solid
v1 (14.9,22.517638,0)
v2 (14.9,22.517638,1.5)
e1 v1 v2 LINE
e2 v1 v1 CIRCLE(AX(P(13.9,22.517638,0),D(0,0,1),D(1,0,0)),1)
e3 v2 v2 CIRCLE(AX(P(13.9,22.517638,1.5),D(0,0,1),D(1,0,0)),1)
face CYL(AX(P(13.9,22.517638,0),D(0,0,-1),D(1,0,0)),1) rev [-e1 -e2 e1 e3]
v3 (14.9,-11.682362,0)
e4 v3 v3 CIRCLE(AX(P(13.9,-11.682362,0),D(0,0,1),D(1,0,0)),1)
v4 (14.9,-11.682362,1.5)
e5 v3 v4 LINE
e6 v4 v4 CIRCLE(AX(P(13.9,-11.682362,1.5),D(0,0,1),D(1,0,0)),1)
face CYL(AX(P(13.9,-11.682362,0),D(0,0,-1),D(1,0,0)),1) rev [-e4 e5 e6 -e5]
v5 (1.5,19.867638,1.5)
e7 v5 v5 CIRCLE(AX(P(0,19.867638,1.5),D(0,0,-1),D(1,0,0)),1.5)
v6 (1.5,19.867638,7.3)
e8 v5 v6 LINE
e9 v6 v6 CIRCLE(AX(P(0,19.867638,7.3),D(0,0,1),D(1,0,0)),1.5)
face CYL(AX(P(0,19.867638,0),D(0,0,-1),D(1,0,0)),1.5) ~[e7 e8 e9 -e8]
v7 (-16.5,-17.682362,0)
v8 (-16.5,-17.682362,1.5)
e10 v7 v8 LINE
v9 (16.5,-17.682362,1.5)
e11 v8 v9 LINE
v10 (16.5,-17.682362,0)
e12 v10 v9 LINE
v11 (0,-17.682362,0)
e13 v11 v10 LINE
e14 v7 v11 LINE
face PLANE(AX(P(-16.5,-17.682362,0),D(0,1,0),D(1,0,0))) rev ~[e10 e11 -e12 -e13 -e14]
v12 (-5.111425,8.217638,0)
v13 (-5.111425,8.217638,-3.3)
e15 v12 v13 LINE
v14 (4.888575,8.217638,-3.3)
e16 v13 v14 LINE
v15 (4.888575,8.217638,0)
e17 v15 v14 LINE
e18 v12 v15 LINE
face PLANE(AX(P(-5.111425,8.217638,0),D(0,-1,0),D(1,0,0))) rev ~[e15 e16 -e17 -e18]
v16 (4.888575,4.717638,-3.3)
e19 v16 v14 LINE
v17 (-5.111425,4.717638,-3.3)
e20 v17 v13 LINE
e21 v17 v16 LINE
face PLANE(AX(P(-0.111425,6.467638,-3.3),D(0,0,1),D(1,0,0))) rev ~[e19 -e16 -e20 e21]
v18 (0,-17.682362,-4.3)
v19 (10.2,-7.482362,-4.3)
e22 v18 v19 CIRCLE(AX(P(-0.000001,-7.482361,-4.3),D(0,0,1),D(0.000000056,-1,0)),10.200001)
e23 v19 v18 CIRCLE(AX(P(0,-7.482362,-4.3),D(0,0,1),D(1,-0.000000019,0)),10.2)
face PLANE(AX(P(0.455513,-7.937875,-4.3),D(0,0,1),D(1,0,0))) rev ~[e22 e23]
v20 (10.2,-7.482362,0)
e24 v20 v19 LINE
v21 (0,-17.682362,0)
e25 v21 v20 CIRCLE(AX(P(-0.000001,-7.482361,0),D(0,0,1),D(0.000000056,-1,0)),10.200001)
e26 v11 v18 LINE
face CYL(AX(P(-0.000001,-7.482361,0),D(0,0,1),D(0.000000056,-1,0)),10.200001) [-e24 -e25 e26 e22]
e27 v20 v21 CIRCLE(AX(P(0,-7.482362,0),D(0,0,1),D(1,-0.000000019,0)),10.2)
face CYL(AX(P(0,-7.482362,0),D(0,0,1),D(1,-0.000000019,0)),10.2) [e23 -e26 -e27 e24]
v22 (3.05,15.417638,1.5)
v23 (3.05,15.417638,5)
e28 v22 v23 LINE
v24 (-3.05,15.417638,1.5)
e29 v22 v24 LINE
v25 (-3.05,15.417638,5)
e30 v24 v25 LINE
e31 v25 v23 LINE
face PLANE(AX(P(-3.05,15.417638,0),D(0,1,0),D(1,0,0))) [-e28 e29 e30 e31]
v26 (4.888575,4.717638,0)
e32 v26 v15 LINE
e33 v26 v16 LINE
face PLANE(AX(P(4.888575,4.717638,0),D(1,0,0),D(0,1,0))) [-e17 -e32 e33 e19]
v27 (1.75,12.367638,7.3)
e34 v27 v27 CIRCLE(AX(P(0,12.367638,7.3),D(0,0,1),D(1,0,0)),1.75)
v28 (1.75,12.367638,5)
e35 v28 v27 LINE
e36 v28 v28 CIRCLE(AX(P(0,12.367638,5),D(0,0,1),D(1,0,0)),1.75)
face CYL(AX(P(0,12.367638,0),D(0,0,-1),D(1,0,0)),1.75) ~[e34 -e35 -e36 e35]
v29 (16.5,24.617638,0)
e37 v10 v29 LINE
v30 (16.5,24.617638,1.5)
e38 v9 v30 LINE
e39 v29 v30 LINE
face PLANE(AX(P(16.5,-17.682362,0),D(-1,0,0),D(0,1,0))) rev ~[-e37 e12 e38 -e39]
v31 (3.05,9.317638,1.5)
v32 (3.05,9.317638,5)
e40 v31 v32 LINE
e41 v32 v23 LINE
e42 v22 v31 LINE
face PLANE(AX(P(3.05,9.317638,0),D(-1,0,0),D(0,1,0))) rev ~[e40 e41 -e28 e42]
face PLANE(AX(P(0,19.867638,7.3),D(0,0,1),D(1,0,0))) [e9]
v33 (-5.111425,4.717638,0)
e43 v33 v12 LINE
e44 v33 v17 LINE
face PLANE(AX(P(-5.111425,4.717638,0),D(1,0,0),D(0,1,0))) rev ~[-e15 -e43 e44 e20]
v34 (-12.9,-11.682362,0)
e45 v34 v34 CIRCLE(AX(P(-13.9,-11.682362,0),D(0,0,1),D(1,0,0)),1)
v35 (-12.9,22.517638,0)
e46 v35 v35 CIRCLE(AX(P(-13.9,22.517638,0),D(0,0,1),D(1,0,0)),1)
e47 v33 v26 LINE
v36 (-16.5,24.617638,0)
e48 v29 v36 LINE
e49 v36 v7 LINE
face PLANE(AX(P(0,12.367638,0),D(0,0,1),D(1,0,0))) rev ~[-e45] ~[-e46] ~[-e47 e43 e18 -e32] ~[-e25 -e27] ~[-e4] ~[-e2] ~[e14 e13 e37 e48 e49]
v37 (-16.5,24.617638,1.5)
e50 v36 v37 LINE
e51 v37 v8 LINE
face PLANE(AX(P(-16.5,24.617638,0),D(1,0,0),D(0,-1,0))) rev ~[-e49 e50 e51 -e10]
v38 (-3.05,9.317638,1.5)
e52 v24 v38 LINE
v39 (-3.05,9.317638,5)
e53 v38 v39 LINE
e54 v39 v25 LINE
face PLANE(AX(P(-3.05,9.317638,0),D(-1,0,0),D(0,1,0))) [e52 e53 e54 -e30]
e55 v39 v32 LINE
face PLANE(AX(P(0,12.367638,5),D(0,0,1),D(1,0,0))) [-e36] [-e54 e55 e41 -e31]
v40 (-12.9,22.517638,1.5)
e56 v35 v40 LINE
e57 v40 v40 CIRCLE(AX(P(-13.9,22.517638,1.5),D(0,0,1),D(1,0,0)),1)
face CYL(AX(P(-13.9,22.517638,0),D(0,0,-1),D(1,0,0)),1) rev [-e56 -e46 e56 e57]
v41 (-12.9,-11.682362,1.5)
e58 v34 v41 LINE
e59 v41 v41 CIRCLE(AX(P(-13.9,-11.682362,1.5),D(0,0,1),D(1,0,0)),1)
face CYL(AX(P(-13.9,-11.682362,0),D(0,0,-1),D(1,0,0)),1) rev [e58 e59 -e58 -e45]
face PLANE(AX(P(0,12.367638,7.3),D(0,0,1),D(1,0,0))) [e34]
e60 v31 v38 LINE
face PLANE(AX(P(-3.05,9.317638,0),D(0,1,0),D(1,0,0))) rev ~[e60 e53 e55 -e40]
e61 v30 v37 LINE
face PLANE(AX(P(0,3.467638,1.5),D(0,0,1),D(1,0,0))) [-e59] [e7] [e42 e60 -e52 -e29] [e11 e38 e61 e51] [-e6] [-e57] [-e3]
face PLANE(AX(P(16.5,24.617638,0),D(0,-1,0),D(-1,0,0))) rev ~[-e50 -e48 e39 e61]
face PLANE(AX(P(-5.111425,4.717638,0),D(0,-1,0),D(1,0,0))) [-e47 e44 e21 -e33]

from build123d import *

# Parameters (mm, degrees)
F0_R     = 1
F0_W     = 10
F0_H     = 3.5
F0_W_2   = 6.1
F0_H_2   = 6.1
F0_R_2   = 1.5
F0_R_3   = 1.75
F1_DEPTH = 1.5
F2_DEPTH = 4.3
F3_DEPTH = 7.3
F4_DEPTH = 5
F5_DEPTH = 3.3


with BuildPart() as f1:
    # F0 (on Top) → F1 (new body)
    with BuildSketch(Plane.XY):
        Polygon((16.5, 24.617638), (-16.5, 24.617638), (-16.5, -17.682362), (0, -17.682362), (16.5, -17.682362), align=None)
        with Locations((-13.9, -11.682362)):
            Circle(F0_R, mode=Mode.SUBTRACT)
        with BuildLine():
            ThreePointArc((10.2, -7.482362), (7.212489, -14.694851), (0, -17.682362))
            ThreePointArc((0, -17.682362), (-7.212489, -0.269872), (10.2, -7.482362))
        make_face(mode=Mode.SUBTRACT)
        with Locations((13.9, -11.682362)):
            Circle(F0_R, mode=Mode.SUBTRACT)
        with Locations((-0.111425, 6.467638)):
            Rectangle(F0_W, F0_H, mode=Mode.SUBTRACT)
        with Locations((-13.9, 22.517638)):
            Circle(F0_R, mode=Mode.SUBTRACT)
        with Locations((0, 12.367638)):
            Rectangle(F0_W_2, F0_H_2, mode=Mode.SUBTRACT)
        with Locations((0, 19.867638)):
            Circle(F0_R_2, mode=Mode.SUBTRACT)
        with Locations((13.9, 22.517638)):
            Circle(F0_R, mode=Mode.SUBTRACT)
        with BuildLine():
            ThreePointArc((10.2, -7.482362), (-7.212489, -0.269872), (0, -17.682362))
            ThreePointArc((0, -17.682362), (7.212489, -14.694851), (10.2, -7.482362))
        make_face()
        with Locations((0, 19.867638)):
            Circle(F0_R_2)
        with Locations((0, 12.367638)):
            Rectangle(F0_W_2, F0_H_2)
        with Locations((0, 12.367638)):
            Circle(F0_R_3, mode=Mode.SUBTRACT)
        with Locations((0, 12.367638)):
            Circle(F0_R_3)
        with Locations((-0.111425, 6.467638)):
            Rectangle(F0_W, F0_H)
    extrude(amount=F1_DEPTH)

    # F0 (on Top) → F2 (join)
    with BuildSketch(Plane.XY):
        with BuildLine():
            ThreePointArc((10.2, -7.482362), (-7.212489, -0.269872), (0, -17.682362))
            ThreePointArc((0, -17.682362), (7.212489, -14.694851), (10.2, -7.482362))
        make_face()
    extrude(amount=-F2_DEPTH)

    # F0 (on Top) → F3 (join)
    with BuildSketch(Plane.XY):
        with Locations((0, 19.867638)):
            Circle(F0_R_2)
        with Locations((0, 12.367638)):
            Circle(F0_R_3)
    extrude(amount=F3_DEPTH)

    # F0 (on Top) → F4 (join)
    with BuildSketch(Plane.XY):
        with Locations((0, 12.367638)):
            Rectangle(F0_W_2, F0_H_2)
        with Locations((0, 12.367638)):
            Circle(F0_R_3, mode=Mode.SUBTRACT)
    extrude(amount=F4_DEPTH)

    # F0 (on Top) → F5 (join)
    with BuildSketch(Plane.XY):
        with Locations((-0.111425, 6.467638)):
            Rectangle(F0_W, F0_H)
    extrude(amount=-F5_DEPTH)


solid = f1.part
